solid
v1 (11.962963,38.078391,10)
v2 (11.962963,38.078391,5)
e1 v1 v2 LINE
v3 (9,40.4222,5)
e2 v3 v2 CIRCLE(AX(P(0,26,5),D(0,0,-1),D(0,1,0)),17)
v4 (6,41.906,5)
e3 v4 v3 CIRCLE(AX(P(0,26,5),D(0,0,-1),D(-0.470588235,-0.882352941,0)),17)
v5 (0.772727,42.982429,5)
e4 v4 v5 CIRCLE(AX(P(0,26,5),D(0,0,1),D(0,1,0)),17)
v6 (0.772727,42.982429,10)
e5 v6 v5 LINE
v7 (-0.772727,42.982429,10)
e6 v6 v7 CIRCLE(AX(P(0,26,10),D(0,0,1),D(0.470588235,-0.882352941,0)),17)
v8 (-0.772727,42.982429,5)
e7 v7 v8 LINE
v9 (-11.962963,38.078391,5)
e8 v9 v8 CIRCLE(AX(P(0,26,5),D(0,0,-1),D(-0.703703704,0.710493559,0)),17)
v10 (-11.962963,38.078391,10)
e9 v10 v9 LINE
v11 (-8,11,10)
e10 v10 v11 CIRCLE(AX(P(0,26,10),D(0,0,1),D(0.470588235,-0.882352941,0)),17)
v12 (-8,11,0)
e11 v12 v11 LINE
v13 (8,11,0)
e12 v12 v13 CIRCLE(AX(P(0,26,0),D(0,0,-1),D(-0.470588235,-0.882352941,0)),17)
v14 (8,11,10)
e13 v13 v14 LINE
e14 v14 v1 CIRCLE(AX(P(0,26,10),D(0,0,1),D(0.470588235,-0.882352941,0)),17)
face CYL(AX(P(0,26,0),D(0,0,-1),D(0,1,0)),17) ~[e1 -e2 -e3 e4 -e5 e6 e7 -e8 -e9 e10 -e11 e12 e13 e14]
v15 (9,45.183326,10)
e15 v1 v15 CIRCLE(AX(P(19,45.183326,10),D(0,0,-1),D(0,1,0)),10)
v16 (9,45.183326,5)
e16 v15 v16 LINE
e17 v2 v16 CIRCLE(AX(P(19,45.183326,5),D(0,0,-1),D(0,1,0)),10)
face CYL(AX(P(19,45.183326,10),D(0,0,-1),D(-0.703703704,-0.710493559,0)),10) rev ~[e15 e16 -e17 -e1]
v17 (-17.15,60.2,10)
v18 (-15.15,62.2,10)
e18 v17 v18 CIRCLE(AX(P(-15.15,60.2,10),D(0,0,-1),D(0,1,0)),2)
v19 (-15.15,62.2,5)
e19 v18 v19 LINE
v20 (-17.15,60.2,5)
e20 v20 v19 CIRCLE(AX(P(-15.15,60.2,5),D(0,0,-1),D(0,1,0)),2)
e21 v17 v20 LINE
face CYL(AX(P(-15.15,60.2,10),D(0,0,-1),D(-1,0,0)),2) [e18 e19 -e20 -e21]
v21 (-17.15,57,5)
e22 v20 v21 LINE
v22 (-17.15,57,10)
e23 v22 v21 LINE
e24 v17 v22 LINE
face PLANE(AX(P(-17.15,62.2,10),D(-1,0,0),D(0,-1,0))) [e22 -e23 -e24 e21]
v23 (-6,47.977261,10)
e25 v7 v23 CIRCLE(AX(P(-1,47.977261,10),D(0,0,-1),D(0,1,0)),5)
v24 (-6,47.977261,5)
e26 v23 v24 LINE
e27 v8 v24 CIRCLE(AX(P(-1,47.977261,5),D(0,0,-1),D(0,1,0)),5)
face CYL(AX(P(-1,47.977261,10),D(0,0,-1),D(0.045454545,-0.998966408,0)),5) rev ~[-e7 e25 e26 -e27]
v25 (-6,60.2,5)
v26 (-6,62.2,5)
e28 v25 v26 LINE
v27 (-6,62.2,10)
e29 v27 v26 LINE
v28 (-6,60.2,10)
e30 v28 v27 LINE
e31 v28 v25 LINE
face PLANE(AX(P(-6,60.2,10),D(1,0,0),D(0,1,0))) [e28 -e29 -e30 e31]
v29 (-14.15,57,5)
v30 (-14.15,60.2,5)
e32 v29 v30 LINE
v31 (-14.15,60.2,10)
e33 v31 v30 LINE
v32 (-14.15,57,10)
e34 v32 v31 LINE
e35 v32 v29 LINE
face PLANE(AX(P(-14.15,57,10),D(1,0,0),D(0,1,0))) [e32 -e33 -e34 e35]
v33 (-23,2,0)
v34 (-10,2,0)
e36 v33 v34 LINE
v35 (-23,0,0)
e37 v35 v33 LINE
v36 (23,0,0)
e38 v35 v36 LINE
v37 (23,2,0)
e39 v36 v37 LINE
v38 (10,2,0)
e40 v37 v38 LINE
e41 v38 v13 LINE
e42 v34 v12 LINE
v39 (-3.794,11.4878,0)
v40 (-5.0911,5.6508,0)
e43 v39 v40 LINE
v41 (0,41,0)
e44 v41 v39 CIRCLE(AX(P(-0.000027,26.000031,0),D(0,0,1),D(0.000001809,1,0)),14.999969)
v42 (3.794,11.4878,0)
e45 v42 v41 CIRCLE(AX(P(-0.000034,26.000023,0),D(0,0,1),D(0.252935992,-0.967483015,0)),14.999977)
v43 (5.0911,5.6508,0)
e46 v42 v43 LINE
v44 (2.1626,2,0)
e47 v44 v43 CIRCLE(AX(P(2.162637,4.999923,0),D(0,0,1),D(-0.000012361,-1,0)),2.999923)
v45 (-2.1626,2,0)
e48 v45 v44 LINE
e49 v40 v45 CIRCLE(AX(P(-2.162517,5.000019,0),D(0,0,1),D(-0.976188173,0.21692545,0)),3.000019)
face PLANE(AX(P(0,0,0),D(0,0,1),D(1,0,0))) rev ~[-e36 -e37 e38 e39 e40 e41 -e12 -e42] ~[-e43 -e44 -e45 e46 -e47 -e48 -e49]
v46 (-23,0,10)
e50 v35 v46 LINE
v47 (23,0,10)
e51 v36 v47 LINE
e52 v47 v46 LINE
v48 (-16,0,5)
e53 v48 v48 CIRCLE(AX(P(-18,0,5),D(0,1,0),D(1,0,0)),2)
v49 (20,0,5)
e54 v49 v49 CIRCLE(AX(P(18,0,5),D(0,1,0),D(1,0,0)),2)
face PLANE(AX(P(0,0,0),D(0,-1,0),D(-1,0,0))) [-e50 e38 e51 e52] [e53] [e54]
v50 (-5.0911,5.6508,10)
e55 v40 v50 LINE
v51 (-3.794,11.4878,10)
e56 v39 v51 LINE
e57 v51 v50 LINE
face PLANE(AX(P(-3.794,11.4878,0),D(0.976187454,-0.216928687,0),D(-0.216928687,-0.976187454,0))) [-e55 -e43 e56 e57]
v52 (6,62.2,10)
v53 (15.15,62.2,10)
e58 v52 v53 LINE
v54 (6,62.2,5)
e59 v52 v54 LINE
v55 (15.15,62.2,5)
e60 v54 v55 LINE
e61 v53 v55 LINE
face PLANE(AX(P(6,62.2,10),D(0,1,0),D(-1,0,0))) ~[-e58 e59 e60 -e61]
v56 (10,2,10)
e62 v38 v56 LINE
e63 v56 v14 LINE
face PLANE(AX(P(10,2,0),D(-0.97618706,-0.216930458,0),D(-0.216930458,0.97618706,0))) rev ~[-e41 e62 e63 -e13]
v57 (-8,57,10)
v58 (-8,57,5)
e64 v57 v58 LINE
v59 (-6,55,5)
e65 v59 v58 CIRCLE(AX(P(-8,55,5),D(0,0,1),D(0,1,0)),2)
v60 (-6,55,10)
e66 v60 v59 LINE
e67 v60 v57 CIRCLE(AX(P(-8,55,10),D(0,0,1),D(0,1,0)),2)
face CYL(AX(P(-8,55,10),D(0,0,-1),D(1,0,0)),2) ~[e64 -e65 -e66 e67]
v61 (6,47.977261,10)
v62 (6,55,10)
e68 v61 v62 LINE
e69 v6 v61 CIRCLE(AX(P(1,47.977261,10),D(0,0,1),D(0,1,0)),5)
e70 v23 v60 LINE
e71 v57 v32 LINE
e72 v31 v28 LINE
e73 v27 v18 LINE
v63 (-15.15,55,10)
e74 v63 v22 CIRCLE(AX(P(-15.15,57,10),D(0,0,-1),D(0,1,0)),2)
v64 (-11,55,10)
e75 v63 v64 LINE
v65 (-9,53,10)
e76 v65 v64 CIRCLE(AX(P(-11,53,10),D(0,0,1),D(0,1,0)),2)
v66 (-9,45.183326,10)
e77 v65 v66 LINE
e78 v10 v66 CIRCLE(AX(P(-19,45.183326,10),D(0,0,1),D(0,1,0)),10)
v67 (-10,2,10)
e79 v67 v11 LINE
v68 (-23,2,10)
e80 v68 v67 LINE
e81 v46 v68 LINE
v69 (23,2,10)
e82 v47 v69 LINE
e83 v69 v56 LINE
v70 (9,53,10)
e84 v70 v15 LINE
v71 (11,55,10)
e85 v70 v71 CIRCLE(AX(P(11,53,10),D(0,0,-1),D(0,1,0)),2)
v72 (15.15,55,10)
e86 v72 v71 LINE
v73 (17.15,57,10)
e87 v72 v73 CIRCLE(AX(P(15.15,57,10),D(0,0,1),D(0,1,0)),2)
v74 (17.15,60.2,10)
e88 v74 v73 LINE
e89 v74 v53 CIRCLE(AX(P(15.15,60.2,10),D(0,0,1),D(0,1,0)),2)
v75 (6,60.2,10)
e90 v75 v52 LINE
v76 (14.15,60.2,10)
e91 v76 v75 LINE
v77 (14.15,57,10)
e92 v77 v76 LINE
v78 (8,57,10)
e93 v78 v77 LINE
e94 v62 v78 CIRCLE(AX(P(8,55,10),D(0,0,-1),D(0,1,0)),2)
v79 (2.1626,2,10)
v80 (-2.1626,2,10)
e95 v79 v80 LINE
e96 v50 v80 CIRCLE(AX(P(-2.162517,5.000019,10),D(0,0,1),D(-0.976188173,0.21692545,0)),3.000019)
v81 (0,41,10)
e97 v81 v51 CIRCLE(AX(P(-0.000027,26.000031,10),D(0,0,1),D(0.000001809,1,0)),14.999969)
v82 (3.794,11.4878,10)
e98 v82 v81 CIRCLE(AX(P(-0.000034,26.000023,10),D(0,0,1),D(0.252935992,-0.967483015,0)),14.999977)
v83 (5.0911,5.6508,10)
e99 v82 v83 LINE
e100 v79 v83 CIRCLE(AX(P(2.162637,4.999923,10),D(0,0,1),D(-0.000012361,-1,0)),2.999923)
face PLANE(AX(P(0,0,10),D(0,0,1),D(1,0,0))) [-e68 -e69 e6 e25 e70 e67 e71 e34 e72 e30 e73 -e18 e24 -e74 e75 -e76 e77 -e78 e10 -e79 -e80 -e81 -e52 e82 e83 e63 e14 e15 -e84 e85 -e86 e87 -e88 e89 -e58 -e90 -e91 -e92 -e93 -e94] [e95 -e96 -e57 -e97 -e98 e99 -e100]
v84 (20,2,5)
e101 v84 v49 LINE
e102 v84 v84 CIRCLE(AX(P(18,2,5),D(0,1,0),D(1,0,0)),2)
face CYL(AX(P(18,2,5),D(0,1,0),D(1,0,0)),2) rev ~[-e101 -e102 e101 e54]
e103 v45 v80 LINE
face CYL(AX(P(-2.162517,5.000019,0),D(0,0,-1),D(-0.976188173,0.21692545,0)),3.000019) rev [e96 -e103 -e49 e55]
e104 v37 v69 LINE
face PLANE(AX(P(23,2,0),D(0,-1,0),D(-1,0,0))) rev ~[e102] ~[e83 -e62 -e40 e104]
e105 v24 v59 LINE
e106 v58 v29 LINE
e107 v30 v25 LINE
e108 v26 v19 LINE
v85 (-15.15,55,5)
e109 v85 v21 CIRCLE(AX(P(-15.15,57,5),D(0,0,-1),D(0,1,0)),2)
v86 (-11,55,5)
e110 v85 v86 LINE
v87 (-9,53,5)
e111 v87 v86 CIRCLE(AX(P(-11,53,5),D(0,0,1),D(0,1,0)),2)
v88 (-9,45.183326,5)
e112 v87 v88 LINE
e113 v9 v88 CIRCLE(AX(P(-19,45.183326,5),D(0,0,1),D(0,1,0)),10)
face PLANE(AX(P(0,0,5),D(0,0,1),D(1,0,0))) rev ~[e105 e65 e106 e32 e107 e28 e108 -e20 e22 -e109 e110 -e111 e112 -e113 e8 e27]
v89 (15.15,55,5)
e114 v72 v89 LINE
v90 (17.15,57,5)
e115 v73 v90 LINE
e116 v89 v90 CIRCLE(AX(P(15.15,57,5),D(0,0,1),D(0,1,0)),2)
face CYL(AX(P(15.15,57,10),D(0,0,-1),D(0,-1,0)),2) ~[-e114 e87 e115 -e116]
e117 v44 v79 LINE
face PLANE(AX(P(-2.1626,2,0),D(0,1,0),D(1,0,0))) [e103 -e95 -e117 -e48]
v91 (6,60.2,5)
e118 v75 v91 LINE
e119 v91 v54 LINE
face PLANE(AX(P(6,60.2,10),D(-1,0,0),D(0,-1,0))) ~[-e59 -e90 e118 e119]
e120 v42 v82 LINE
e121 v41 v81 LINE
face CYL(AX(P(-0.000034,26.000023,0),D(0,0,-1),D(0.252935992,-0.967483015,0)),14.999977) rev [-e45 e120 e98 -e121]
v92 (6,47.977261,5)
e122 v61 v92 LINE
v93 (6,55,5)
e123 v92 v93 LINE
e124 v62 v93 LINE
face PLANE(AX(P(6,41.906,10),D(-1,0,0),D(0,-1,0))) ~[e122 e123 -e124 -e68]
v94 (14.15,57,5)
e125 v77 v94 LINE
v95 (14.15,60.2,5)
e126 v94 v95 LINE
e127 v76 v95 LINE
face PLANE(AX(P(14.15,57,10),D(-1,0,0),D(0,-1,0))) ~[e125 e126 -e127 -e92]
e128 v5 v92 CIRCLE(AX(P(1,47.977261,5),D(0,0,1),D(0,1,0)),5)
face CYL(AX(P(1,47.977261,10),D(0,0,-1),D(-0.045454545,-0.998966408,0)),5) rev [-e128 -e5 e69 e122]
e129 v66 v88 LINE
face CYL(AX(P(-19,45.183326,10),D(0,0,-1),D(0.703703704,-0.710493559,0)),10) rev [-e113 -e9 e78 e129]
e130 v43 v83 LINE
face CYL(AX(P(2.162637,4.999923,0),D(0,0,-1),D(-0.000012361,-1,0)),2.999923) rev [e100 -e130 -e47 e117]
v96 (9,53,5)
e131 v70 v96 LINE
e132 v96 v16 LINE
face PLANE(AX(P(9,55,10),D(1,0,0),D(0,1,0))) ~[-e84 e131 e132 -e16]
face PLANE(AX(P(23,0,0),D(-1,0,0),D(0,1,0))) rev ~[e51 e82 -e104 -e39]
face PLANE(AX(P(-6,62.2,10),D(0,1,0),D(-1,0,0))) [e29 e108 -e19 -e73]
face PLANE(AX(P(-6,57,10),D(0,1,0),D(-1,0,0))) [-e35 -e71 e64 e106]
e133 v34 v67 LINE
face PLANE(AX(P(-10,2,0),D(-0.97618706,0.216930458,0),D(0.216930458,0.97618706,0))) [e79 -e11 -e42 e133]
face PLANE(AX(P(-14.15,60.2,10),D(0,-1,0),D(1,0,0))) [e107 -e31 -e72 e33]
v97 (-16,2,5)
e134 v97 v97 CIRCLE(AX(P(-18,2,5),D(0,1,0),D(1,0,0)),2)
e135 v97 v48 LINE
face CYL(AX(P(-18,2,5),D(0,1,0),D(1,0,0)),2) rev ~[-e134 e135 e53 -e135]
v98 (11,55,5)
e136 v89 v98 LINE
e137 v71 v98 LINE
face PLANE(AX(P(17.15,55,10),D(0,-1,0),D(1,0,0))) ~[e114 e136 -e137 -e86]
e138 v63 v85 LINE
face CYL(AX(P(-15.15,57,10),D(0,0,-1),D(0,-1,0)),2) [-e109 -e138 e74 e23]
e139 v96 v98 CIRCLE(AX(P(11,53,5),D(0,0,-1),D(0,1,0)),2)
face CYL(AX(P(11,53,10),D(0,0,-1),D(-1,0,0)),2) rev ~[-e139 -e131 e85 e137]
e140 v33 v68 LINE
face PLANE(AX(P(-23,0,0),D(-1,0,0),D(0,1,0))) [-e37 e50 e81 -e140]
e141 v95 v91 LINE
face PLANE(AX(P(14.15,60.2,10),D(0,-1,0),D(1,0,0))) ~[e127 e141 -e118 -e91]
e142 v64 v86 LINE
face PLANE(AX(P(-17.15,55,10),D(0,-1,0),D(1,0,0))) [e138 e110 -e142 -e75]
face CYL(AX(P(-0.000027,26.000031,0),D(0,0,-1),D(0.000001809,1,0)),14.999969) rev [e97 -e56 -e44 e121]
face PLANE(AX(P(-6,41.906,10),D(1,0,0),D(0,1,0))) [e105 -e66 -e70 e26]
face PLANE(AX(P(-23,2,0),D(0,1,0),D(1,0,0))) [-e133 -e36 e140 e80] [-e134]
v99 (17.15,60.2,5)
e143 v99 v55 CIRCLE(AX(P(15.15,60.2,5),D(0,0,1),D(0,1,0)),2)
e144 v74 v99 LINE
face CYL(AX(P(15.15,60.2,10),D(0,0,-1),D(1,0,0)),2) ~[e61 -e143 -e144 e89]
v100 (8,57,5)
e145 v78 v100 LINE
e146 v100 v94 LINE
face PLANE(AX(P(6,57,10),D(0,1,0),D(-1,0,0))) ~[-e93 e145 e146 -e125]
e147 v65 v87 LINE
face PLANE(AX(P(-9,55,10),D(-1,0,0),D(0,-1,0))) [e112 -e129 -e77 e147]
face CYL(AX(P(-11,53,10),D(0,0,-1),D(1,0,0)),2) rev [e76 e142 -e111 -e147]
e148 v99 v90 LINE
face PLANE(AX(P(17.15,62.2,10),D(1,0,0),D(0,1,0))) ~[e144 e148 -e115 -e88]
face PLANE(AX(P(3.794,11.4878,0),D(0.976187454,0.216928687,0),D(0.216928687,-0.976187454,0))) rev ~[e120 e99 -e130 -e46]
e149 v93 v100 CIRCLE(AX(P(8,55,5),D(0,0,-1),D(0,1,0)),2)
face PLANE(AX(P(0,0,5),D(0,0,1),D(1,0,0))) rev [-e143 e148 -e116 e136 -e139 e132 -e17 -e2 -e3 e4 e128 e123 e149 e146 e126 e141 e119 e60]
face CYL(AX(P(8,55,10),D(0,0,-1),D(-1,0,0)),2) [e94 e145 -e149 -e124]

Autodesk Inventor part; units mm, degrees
ref_plane "YZ Plane" through (0, 0, 0) normal (1, 0, 0) x (0, 1, 0)
ref_plane "XZ Plane" through (0, 0, 0) normal (0, 1, 0) x (-1, 0, 0)
ref_plane "XY Plane" through (0, 0, 0) normal (0, 0, 1) x (1, 0, 0)
sketch "Sketch1" plane through (0, 0, 0) normal (0, 0, 1) x (1, 0, 0)
  line L0 (0, 0) -> (23, 0)
  line L1 (23, 0) -> (23, 2)
  line L2 (23, 2) -> (10, 2)
  line L3 (10, 2) -> (8, 11)
  line L4 (0, 0) -> (0, 26) construction
  arc A0 (8, 11) -> (0, 43) centre (0, 26) ccw
  line L5 (18, 2) -> (18, 0) construction
  arc A1 (3.794, 11.4878) -> (0, 41) centre (0, 26) ccw
  line L6 (3.794, 11.4878) -> (5.0911, 5.6508)
  arc A2 (2.1626, 2) -> (5.0911, 5.6508) centre (2.1626, 5) ccw
  line L7 (2.1626, 2) -> (0, 2)
  line L8 (0, 0) -> (-23, 0)
  line L9 (-23, 0) -> (-23, 2)
  line L10 (-23, 2) -> (-10, 2)
  line L11 (-10, 2) -> (-8, 11)
  arc A3 (0, 43) -> (-8, 11) centre (0, 26) ccw
  arc A4 (0, 41) -> (-3.794, 11.4878) centre (0, 26) ccw
  line L12 (-3.794, 11.4878) -> (-5.0911, 5.6508)
  arc A5 (-5.0911, 5.6508) -> (-2.1626, 2) centre (-2.1626, 5) ccw
  line L13 (-2.1626, 2) -> (0, 2)
  dimension "d0" = 26
  dimension "d1" = 2
  dimension "d2" = 18
  dimension "d3" = 23
  dimension "d4" = 8
  dimension "d6" = 8
  dimension "d7" = 2
  dimension "d8" = 15
  dimension "d9" = 3
  dimension "d10" = 4
extrude "Extrusion1" add sketch "Sketch1" along normal blind 10
sketch "Sketch2" plane through (10, 2, 0) normal (0, 1, 0) x (1, 0, 0)
  line L0 (13, 0) -> (0, 0) projected
  line L1 (0, 0) -> (0, -10) projected
  line L2 (13, -10) -> (0, -10) projected
  line L3 (13, 0) -> (13, -10) projected
  line L4 (-20, 0) -> (-33, 0) projected
  line L5 (-33, 0) -> (-33, -10) projected
  line L6 (-20, -10) -> (-33, -10) projected
  line L7 (-20, 0) -> (-20, -10) projected
  circle A0 centre (-28, -5) radius 2
  circle A1 centre (8, -5) radius 2
  line L8 (-28, -5) -> (8, -5) construction
  point P0 (-10, 0)
  point P1 (-10, -5)
  point P2 (13, -5)
  point P3 (-33, -5)
  dimension "d13" = 36
  dimension "d14" = 4
  dimension "d15" = 4
extrude "Extrusion2" cut sketch "Sketch2" against normal up to next contours A0 | A1
sketch "Sketch3" plane through (0, 0, 10) normal (0, 0, 1) x (1, 0, 0)
  arc A0 (8, 11) -> (-8, 11) centre (0, 26) ccw projected
  line L0 (-6, 41.906) -> (-6, 57)
  line L1 (-6, 57) -> (-14.15, 57)
  line L2 (-14.15, 57) -> (-14.15, 60.2)
  line L3 (-14.15, 60.2) -> (-6, 60.2)
  line L4 (-6, 60.2) -> (-6, 62.2)
  line L5 (-6, 62.2) -> (-17.15, 62.2)
  line L6 (-17.15, 62.2) -> (-17.15, 55)
  line L7 (-17.15, 55) -> (-9, 55)
  line L8 (-9, 55) -> (-9, 40.4222)
  line L9 (0, 43) -> (0, 63.4755) construction
  point P0 (0, 0)
  dimension "d18" = 3.2
  dimension "d19" = 14.15
  dimension "d20" = 3
  dimension "d21" = 2
  dimension "d22" = 2
  dimension "d23" = 3
  dimension "d24" = 6
  dimension "d25" = 31
extrude "Extrusion3" add sketch "Sketch3" against normal blind 5
fillet "Fillet1" radius 2 4 edges at (-9, 55, 7.5) (-17.15, 55, 7.5) (-17.15, 62.2, 7.5) (-6, 57, 7.5)
fillet "Fillet1" radius 5 1 edges at (-6, 41.906, 7.5)
fillet "Fillet1" radius 10 1 edges at (-9, 40.4222, 7.5)
mirror "Mirror1" about plane through (0, 0, 0) normal (1, 0, 0) of "Extrusion3", "Fillet1"
properties part number "DefaultMotorMount" material "ABS Plastic"
